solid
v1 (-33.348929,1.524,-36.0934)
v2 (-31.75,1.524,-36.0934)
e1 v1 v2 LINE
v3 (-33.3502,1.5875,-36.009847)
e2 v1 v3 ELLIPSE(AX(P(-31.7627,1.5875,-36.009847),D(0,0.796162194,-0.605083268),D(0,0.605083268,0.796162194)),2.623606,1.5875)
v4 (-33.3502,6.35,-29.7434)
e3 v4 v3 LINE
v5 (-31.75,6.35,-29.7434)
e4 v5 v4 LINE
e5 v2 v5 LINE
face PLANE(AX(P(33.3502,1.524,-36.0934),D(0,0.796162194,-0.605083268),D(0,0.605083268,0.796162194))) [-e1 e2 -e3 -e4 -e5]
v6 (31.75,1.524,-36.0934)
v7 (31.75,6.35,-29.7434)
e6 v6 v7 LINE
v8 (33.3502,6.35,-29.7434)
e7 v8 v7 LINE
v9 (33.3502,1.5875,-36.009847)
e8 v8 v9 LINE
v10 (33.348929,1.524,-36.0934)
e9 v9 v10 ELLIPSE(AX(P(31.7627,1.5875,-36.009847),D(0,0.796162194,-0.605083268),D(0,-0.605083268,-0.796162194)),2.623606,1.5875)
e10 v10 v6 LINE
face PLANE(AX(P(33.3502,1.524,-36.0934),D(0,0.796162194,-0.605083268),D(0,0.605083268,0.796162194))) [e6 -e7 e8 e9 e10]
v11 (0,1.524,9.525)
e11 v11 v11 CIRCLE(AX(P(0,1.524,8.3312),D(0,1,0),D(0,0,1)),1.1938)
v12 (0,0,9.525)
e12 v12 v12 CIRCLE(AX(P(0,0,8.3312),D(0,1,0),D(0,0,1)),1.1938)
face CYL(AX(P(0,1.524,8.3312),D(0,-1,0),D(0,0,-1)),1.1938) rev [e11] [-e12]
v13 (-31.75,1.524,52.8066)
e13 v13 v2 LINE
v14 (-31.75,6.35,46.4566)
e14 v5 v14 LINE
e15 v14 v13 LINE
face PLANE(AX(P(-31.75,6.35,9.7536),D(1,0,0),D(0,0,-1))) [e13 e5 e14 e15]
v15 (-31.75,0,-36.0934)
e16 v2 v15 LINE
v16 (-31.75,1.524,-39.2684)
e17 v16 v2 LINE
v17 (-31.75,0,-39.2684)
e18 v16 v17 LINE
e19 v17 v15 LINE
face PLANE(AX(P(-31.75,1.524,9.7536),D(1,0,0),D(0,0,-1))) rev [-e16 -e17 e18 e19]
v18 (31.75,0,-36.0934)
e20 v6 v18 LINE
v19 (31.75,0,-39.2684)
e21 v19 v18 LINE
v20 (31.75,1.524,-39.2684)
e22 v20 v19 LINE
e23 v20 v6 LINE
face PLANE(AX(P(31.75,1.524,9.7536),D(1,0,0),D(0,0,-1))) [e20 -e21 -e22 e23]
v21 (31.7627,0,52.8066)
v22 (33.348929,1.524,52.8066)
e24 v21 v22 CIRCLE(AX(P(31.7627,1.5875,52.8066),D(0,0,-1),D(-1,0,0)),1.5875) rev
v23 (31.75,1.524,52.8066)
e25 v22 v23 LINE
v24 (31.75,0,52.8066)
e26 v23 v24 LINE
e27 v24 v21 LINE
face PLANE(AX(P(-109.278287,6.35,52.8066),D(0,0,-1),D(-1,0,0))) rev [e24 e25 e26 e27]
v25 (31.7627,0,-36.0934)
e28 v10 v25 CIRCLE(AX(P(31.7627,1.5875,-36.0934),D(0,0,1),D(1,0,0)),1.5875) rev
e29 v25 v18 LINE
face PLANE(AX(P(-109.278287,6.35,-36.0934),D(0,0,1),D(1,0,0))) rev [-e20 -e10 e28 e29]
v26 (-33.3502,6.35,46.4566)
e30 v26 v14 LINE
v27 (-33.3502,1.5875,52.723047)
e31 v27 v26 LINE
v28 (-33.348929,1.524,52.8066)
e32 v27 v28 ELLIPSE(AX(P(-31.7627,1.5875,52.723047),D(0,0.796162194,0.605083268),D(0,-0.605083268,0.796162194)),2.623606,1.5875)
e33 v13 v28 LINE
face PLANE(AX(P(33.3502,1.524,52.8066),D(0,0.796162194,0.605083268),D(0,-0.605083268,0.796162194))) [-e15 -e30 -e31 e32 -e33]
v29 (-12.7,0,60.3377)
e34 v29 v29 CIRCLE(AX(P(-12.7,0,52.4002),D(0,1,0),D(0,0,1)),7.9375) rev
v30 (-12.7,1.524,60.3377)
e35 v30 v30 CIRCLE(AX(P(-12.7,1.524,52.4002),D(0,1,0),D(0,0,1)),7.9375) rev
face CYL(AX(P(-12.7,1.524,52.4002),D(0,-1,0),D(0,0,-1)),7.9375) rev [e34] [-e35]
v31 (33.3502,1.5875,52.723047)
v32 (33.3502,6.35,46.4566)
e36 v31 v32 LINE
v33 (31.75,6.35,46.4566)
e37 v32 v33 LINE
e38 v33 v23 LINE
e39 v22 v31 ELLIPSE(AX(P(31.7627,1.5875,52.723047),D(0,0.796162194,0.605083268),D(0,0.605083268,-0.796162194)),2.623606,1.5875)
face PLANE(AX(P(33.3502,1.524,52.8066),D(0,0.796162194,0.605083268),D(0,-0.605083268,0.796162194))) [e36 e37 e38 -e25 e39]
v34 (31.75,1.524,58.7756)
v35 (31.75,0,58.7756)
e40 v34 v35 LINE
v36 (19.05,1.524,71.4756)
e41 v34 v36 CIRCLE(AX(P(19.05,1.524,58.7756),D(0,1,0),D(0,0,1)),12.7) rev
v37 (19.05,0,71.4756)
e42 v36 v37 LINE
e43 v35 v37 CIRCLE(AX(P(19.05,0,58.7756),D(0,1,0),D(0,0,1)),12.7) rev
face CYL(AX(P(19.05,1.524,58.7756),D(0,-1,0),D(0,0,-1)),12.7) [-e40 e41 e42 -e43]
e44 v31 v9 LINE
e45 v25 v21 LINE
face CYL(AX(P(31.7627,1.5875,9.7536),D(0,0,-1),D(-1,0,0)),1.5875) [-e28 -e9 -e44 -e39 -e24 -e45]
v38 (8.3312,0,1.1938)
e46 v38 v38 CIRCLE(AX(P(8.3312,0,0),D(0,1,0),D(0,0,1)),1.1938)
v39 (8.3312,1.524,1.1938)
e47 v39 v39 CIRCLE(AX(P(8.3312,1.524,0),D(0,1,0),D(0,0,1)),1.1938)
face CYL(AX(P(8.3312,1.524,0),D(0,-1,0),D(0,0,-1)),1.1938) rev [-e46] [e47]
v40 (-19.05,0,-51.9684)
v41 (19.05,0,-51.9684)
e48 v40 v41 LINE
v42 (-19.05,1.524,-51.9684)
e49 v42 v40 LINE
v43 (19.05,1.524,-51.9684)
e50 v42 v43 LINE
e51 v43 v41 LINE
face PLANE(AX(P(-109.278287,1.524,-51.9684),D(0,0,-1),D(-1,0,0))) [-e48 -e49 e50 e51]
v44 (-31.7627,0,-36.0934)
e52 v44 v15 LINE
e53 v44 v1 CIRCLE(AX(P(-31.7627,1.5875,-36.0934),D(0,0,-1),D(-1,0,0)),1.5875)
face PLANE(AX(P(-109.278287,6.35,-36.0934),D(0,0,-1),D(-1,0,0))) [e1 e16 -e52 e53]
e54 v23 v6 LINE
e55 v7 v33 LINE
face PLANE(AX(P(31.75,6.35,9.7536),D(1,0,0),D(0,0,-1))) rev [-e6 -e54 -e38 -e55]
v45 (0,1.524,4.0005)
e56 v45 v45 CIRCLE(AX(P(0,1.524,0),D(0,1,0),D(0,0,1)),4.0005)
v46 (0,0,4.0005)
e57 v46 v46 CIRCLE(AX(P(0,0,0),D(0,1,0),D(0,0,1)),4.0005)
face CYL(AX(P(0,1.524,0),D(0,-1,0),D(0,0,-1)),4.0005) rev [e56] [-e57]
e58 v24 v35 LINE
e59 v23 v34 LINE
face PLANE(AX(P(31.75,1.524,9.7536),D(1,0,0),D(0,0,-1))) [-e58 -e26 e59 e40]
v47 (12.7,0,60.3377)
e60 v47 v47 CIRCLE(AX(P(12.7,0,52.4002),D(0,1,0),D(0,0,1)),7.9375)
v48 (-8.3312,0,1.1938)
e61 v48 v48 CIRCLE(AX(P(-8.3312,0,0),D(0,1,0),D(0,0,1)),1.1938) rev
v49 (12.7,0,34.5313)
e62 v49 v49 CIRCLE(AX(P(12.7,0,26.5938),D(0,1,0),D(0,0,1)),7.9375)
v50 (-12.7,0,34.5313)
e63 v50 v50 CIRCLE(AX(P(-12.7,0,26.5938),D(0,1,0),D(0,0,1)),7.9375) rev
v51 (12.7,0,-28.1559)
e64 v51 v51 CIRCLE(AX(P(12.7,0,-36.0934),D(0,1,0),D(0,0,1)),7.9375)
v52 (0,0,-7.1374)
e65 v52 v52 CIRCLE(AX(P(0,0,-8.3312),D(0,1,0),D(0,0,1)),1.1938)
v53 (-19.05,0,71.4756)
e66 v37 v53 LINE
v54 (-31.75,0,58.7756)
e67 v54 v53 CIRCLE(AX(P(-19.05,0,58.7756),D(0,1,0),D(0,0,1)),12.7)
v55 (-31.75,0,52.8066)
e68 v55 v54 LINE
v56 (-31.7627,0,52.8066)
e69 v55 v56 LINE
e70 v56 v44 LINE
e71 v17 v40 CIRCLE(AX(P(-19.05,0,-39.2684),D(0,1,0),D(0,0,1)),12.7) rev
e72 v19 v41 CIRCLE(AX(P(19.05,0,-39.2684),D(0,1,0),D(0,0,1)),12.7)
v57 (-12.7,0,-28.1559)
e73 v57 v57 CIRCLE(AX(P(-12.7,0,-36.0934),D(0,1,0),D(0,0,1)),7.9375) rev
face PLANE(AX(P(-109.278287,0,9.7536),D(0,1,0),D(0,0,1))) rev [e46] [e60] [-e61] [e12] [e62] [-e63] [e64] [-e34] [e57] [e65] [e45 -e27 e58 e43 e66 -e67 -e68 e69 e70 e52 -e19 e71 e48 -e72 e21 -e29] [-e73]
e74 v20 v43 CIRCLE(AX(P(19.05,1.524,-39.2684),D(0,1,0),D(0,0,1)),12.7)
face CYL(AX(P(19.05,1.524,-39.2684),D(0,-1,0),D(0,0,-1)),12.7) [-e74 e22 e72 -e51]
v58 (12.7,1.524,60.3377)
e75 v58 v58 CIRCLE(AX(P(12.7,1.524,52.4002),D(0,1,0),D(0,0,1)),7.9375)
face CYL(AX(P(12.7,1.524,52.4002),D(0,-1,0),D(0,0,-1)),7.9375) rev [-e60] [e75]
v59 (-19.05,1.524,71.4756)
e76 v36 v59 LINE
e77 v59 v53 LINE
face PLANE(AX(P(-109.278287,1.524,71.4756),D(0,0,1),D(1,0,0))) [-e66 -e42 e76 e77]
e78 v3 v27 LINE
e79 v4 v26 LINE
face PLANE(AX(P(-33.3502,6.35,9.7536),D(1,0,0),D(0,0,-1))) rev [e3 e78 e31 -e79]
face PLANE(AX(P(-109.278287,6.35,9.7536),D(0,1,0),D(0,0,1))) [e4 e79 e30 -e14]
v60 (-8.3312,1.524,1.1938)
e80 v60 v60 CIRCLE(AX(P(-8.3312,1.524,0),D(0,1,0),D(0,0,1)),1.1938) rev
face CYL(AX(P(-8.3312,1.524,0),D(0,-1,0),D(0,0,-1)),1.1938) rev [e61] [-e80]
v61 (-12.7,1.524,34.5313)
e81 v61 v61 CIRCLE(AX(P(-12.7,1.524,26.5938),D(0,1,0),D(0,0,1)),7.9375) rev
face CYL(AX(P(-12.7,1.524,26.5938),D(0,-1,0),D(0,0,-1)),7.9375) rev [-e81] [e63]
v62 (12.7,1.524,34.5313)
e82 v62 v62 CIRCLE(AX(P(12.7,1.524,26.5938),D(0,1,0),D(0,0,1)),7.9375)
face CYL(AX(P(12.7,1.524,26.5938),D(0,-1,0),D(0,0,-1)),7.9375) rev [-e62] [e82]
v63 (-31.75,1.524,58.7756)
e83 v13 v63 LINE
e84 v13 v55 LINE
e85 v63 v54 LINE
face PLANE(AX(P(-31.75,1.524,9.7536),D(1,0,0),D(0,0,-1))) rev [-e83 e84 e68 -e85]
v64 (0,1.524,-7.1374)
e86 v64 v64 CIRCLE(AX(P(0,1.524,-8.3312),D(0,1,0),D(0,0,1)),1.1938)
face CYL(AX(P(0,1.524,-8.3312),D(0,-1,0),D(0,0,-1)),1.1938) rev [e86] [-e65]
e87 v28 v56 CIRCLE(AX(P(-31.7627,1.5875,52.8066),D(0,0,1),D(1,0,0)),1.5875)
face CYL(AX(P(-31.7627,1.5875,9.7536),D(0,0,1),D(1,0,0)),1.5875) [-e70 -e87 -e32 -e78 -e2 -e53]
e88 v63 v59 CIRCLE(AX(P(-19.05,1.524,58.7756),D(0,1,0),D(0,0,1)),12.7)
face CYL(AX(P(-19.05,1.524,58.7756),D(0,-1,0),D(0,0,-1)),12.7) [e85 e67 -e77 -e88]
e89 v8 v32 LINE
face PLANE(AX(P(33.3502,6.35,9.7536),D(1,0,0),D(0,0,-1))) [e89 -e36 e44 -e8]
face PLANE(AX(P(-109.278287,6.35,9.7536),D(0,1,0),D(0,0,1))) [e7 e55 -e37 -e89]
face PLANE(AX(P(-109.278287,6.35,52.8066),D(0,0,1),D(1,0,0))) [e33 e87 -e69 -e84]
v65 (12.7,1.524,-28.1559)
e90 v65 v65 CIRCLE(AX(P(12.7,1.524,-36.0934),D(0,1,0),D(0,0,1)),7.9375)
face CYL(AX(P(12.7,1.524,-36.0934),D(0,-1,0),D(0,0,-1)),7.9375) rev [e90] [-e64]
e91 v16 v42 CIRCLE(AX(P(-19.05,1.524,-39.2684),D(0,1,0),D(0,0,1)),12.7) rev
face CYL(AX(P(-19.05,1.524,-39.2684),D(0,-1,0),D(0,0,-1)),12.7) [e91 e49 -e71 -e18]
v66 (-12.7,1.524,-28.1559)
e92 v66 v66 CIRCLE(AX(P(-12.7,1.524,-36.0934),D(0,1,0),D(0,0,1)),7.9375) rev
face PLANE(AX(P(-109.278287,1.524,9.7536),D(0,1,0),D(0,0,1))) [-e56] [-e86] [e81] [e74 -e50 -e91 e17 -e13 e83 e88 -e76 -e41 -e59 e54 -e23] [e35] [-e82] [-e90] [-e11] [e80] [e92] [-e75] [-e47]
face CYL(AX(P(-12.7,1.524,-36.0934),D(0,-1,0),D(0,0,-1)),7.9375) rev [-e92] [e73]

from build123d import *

# Parameters (mm, degrees)
SKETCH1_R               = 7.9375
SKETCH1_R_2             = 4.0005
SKETCH1_R_3             = 1.1938
EXTRUDE1_DEPTH          = 1.524
EXTRUDE2_DEPTH          = 6.35
CUT_EXTRUDE1_DEPTH      = 34.3502
CUT_EXTRUDE1_DEPTH_BACK = 34.3502
FILLET1_R               = 1.5875


with BuildPart() as part:
    # Sketch1 → Extrude1 (new body)
    with BuildSketch(Plane(origin=(0, 0, 0), x_dir=(1, 0, 0), z_dir=(0, 1, 0))):
        with BuildLine():
            Line((-31.75, -3.2004), (-31.75, -58.7756))
            ThreePointArc((-31.75, -58.7756), (-28.030256121, -67.755856121), (-19.05, -71.4756))
            Line((-19.05, -71.4756), (19.05, -71.4756))
            ThreePointArc((19.05, -71.4756), (28.030256121, -67.755856121), (31.75, -58.7756))
            Line((31.75, -58.7756), (31.75, -3.2004))
            Line((31.75, -3.2004), (31.75, 39.2684))
            ThreePointArc((31.75, 39.2684), (28.030256121, 48.248656121), (19.05, 51.9684))
            Line((19.05, 51.9684), (12.7, 51.9684))
            Line((12.7, 51.9684), (-12.7, 51.9684))
            Line((-12.7, 51.9684), (-19.05, 51.9684))
            ThreePointArc((-19.05, 51.9684), (-28.030256121, 48.248656121), (-31.75, 39.2684))
            Line((-31.75, 39.2684), (-31.75, -3.2004))
        make_face()
        with Locations(Location((-12.7, -52.4002, 0), (0, 0, 270))):  # turned: the seam where the file's is
            Circle(SKETCH1_R, mode=Mode.SUBTRACT)
        with Locations(Location((-12.7, 36.0934, 0), (0, 0, 270))):  # turned: the seam where the file's is
            Circle(SKETCH1_R, mode=Mode.SUBTRACT)
        with Locations(Location((12.7, -52.4002, 0), (0, 0, 270))):  # turned: the seam where the file's is
            Circle(SKETCH1_R, mode=Mode.SUBTRACT)
        with Locations(Location((12.7, -26.5938, 0), (0, 0, 270))):  # turned: the seam where the file's is
            Circle(SKETCH1_R, mode=Mode.SUBTRACT)
        with Locations(Location((12.7, 36.0934, 0), (0, 0, 270))):  # turned: the seam where the file's is
            Circle(SKETCH1_R, mode=Mode.SUBTRACT)
        with Locations(Location((0, 0, 0), (0, 0, 270))):  # turned: the seam where the file's is
            Circle(SKETCH1_R_2, mode=Mode.SUBTRACT)
        with Locations(Location((8.3312, 0, 0), (0, 0, 270))):  # turned: the seam where the file's is
            Circle(SKETCH1_R_3, mode=Mode.SUBTRACT)
        with Locations(Location((0, -8.3312, 0), (0, 0, 270))):  # turned: the seam where the file's is
            Circle(SKETCH1_R_3, mode=Mode.SUBTRACT)
        with Locations(Location((0, 8.3312, 0), (0, 0, 270))):  # turned: the seam where the file's is
            Circle(SKETCH1_R_3, mode=Mode.SUBTRACT)
        with Locations(Location((-8.3312, 0, 0), (0, 0, 270))):  # turned: the seam where the file's is
            Circle(SKETCH1_R_3, mode=Mode.SUBTRACT)
        with Locations(Location((-12.7, -26.5938, 0), (0, 0, 270))):  # turned: the seam where the file's is
            Circle(SKETCH1_R, mode=Mode.SUBTRACT)
    extrude(amount=EXTRUDE1_DEPTH)

    # Sketch1_3 → Extrude2 (add)
    with BuildSketch(Plane(origin=(0, 0, 0), x_dir=(1, 0, 0), z_dir=(0, 1, 0))):
        Polygon((31.75, 36.0934), (31.75, -3.2004), (31.75, -52.8066), (33.3502, -52.8066), (33.3502, 36.0934), align=None)
        Polygon((-33.3502, -52.8066), (-31.75, -52.8066), (-31.75, -3.2004), (-31.75, 36.0934), (-33.3502, 36.0934), align=None)
    extrude(amount=EXTRUDE2_DEPTH)

    # Sketch2 → Cut-Extrude1 (cut, two sides)
    with BuildSketch(Plane(origin=(0, 0, 0), x_dir=(0, 0, -1), z_dir=(1, 0, 0))) as cut_extrude1_sk:
        Polygon((-52.8066, 1.524), (-46.4566, 6.35), (-52.8066, 6.35), align=None)
        Polygon((36.0934, 6.35), (36.0934, 1.524), (29.7434, 6.35), align=None)
    extrude(amount=CUT_EXTRUDE1_DEPTH, mode=Mode.SUBTRACT)
    extrude(cut_extrude1_sk.sketch, amount=-CUT_EXTRUDE1_DEPTH_BACK, mode=Mode.SUBTRACT)

    # Fillet1
    fillet1_edges = [part.edges().sort_by_distance(p)[0] for p in [
        (33.3502, 0, 8.3566),
        (-33.3502, 0, 8.3566),
    ]]
    fillet(fillet1_edges, radius=FILLET1_R)


solid = part.part
